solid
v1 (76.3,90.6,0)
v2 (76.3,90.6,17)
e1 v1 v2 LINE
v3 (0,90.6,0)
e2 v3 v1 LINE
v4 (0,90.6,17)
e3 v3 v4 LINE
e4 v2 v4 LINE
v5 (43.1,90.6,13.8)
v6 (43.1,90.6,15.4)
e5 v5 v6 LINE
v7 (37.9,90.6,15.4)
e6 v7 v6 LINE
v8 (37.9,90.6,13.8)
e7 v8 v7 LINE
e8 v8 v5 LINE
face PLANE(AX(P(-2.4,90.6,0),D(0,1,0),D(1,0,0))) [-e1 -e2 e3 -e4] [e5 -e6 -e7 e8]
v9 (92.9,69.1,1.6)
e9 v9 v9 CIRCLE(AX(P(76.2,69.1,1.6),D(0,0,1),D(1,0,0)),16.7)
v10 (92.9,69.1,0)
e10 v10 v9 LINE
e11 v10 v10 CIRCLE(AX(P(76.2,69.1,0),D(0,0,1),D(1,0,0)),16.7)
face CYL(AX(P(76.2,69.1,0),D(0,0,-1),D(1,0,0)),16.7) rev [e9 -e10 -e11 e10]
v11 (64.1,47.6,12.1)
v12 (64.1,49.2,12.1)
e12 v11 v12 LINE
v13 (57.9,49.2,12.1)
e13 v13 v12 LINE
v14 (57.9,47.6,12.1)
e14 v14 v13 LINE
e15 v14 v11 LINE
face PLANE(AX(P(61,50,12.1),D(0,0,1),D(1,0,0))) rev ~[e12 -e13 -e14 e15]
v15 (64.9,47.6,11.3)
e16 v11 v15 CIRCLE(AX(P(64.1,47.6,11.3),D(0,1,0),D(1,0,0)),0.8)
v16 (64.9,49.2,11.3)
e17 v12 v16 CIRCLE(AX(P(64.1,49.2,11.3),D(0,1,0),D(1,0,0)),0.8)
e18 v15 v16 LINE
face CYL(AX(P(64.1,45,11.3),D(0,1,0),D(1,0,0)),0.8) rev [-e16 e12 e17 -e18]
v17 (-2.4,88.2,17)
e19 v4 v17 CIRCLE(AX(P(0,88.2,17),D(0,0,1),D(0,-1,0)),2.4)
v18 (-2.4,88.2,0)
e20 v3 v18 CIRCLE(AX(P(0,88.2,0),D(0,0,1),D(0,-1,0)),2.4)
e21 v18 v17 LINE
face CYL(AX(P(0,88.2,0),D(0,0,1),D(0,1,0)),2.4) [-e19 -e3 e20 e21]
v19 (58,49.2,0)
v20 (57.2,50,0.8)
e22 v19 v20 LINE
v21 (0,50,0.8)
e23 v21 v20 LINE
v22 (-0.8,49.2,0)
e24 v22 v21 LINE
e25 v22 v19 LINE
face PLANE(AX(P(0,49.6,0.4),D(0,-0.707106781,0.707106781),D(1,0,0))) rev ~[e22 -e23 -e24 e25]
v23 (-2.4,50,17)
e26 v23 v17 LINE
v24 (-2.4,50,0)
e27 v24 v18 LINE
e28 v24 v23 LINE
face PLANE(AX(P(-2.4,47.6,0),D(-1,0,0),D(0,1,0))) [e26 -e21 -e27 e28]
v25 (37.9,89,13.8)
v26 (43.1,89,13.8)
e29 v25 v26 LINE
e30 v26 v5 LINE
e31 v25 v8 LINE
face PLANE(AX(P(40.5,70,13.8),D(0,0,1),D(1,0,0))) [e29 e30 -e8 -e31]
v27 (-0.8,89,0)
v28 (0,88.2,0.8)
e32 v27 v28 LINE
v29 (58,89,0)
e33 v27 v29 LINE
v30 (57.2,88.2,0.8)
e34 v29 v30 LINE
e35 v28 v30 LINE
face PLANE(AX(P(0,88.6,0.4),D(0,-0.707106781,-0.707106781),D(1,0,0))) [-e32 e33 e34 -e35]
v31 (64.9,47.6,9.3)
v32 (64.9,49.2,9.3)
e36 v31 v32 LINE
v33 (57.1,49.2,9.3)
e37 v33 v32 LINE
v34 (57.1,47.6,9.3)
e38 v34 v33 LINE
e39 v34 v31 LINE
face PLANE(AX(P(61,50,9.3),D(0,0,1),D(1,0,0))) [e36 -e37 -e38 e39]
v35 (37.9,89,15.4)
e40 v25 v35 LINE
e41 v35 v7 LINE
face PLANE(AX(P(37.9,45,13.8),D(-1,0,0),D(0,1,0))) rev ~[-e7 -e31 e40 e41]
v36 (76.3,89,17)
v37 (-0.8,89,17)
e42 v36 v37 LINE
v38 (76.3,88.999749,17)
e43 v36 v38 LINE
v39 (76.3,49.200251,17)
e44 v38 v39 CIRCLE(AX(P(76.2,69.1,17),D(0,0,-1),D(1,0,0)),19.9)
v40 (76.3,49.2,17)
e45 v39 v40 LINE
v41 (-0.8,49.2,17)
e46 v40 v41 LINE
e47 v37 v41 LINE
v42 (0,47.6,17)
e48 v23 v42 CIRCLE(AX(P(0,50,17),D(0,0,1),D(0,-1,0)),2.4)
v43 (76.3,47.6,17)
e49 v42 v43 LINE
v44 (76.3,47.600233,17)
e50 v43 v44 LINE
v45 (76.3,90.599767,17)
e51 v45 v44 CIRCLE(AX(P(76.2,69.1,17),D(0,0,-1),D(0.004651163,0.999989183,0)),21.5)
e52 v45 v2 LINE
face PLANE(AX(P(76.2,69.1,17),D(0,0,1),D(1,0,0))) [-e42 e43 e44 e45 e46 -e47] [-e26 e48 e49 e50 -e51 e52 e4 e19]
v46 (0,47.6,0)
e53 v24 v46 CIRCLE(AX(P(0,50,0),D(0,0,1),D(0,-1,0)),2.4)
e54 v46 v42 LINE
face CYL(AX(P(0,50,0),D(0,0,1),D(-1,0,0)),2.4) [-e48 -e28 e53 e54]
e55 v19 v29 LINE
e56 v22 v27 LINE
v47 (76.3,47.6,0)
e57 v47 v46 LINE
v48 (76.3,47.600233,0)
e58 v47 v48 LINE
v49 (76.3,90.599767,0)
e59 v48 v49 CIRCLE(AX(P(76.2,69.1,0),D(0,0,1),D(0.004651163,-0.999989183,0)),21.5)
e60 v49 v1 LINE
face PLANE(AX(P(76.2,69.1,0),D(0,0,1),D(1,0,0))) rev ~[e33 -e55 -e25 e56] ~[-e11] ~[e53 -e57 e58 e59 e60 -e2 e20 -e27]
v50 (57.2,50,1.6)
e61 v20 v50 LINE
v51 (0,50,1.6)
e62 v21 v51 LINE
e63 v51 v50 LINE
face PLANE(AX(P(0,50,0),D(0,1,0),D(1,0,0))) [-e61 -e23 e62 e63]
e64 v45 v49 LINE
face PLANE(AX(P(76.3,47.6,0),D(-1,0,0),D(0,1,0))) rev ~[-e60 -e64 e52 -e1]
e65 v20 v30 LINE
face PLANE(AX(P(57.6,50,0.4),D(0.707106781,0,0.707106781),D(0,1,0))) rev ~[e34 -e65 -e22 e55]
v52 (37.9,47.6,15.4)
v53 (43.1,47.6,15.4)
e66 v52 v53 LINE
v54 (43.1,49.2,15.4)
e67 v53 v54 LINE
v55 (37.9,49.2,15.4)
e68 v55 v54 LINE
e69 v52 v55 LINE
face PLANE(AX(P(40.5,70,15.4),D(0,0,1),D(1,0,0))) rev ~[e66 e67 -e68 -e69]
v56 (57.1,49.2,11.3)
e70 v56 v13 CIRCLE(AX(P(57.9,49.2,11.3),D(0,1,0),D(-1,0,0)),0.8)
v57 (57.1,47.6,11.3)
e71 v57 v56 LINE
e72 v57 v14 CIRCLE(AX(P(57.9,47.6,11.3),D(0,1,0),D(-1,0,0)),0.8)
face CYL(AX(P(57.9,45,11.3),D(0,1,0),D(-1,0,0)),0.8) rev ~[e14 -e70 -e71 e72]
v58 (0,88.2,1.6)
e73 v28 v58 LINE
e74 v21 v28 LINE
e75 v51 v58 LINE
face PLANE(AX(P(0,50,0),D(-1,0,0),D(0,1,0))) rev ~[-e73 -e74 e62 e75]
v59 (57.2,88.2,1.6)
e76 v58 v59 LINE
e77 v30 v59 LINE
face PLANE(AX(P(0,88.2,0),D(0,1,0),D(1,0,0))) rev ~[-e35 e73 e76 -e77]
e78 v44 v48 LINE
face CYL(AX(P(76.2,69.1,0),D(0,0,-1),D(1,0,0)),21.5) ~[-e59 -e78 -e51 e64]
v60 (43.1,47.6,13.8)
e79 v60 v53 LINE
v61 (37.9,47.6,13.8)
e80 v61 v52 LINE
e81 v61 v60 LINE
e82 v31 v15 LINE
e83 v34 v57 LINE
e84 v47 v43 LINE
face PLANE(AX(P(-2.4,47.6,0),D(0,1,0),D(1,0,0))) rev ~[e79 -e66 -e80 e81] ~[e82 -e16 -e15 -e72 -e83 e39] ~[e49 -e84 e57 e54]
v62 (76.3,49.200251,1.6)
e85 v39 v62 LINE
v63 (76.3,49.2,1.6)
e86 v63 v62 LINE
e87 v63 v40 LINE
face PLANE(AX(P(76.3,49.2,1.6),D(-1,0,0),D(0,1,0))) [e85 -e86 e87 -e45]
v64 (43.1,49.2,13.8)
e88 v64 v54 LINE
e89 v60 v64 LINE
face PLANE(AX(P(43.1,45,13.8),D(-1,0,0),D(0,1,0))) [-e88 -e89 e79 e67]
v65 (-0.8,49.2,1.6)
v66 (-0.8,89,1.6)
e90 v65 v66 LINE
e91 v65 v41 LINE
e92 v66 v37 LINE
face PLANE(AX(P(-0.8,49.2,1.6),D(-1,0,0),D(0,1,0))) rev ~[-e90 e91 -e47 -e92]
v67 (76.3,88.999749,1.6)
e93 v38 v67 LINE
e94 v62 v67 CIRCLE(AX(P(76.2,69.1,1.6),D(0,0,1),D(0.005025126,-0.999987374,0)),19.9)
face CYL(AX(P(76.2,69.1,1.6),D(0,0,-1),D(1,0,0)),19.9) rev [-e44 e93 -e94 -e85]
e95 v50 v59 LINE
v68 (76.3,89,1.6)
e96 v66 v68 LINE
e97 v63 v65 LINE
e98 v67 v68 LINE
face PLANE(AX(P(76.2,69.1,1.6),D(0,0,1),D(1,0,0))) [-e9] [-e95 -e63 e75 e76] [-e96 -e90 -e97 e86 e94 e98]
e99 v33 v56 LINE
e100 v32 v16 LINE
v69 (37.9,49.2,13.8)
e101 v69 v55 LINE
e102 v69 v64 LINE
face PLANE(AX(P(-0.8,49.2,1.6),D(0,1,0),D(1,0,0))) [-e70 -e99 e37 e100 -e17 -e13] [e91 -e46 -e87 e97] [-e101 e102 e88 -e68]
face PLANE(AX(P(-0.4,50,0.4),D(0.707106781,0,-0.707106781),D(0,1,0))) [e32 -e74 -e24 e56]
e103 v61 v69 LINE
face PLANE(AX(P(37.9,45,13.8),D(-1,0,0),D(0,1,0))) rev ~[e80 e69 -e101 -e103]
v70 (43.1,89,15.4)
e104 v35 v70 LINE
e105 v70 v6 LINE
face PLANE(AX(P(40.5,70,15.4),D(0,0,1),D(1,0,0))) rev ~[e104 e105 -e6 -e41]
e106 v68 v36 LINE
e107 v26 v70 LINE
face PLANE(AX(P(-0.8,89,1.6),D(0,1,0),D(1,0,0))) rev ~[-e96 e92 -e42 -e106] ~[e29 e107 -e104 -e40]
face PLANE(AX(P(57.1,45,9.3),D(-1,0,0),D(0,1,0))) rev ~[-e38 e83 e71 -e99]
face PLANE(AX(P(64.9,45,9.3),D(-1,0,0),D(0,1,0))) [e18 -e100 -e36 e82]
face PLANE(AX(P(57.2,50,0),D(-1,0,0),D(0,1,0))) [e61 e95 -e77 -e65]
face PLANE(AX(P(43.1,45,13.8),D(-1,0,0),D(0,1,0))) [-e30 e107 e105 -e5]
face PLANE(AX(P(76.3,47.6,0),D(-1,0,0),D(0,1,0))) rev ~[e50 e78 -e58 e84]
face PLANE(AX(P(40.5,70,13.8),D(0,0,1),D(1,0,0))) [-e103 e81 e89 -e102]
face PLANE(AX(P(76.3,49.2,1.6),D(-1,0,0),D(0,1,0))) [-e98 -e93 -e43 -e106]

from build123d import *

# Parameters (mm, degrees)
BOX011_W          = 7.8
BOX011_H          = 10
BOX011_DEPTH      = 2.8
FILLET003_R       = 0.8
BOX010_W          = 5.2
BOX010_H          = 50
BOX010_DEPTH      = 1.6
BOX008_W          = 57.2
BOX008_H          = 38.2
BOX008_DEPTH      = 1.6
CYLINDER012_R     = 16.7
CYLINDER012_DEPTH = 1.6
CYLINDER011_R     = 19.9
CYLINDER011_DEPTH = 17
BOX007_W          = 77.1
BOX007_H          = 39.8
BOX007_DEPTH      = 17
CYLINDER010_R     = 21.5
CYLINDER010_DEPTH = 17
BOX006_W          = 78.7
BOX006_H          = 43
BOX006_DEPTH      = 17
FILLET002_R       = 2.4
CHAMFER005_SIZE   = 0.8


with BuildPart() as usb:
    # Box011 → Box011 (new body)
    with BuildSketch(Plane(origin=(57.1, 45, 9.3), x_dir=(1, 0, 0), z_dir=(0, 0, 1))):
        with Locations((3.9, 5)):
            Rectangle(BOX011_W, BOX011_H)
    extrude(amount=BOX011_DEPTH)

    # Fillet003
    fillet003_edges = [usb.edges().sort_by_distance(p)[0] for p in [
        (57.1, 50, 12.1),
        (64.9, 50, 12.1),
    ]]
    fillet(fillet003_edges, radius=FILLET003_R)


with BuildPart() as w_rfel010:
    # Box010 → Box010 (new body)
    with BuildSketch(Plane(origin=(37.9, 45, 13.8), x_dir=(1, 0, 0), z_dir=(0, 0, 1))):
        with Locations((2.6, 25)):
            Rectangle(BOX010_W, BOX010_H)
    extrude(amount=BOX010_DEPTH)


with BuildPart() as w_rfel008:
    # Box008 → Box008 (new body)
    with BuildSketch(Plane(origin=(0, 50, 0), x_dir=(1, 0, 0), z_dir=(0, 0, 1))):
        with Locations((28.6, 19.1)):
            Rectangle(BOX008_W, BOX008_H)
    extrude(amount=BOX008_DEPTH)


with BuildPart() as zylinder012:
    # Cylinder012 → Cylinder012 (new body)
    with BuildSketch(Plane(origin=(76.2, 69.1, 0), x_dir=(1, 0, 0), z_dir=(0, 0, 1))):
        Circle(CYLINDER012_R)
    extrude(amount=CYLINDER012_DEPTH)


with BuildPart() as zylinder011:
    # Cylinder011 → Cylinder011 (new body)
    with BuildSketch(Plane(origin=(76.2, 69.1, 1.6), x_dir=(1, 0, 0), z_dir=(0, 0, 1))):
        Circle(CYLINDER011_R)
    extrude(amount=CYLINDER011_DEPTH)


with BuildPart() as fusion009:
    # Box007 → Box007 (new body)
    with BuildSketch(Plane(origin=(-0.8, 49.2, 1.6), x_dir=(1, 0, 0), z_dir=(0, 0, 1))):
        with Locations((38.55, 19.9)):
            Rectangle(BOX007_W, BOX007_H)
    extrude(amount=BOX007_DEPTH)

    # Fusion009: union Zylinder011
    add(zylinder011.part)


with BuildPart() as zylinder010:
    # Cylinder010 → Cylinder010 (new body)
    with BuildSketch(Plane(origin=(76.2, 69.1, 0), x_dir=(1, 0, 0), z_dir=(0, 0, 1))):
        Circle(CYLINDER010_R)
    extrude(amount=CYLINDER010_DEPTH)


with BuildPart() as top:
    # Box006 → Box006 (new body)
    with BuildSketch(Plane(origin=(-2.4, 47.6, 0), x_dir=(1, 0, 0), z_dir=(0, 0, 1))):
        with Locations((39.35, 21.5)):
            Rectangle(BOX006_W, BOX006_H)
    extrude(amount=BOX006_DEPTH)

    # Fusion008: union Zylinder010
    add(zylinder010.part)

    # Cut004: cut Fusion009
    add(fusion009.part, mode=Mode.SUBTRACT)

    # Fillet002
    fillet002_edges = [top.edges().sort_by_distance(p)[0] for p in [
        (-2.4, 47.6, 8.5),
        (-2.4, 90.6, 8.5),
    ]]
    fillet(fillet002_edges, radius=FILLET002_R)

    # Cut005: cut Zylinder012
    add(zylinder012.part, mode=Mode.SUBTRACT)

    # Cut006: cut Würfel008
    add(w_rfel008.part, mode=Mode.SUBTRACT)

    # Chamfer005
    chamfer005_edges = [top.edges().sort_by_distance(p)[0] for p in [
        (57.2, 83.681153, 0),
        (28.6, 88.2, 0),
        (0, 69.1, 0),
        (28.6, 50, 0),
        (57.2, 54.518847, 0),
        (57.2, 69.1, 0),
    ]]
    chamfer(chamfer005_edges, length=CHAMFER005_SIZE)

    # Cut011: cut Würfel010
    add(w_rfel010.part, mode=Mode.SUBTRACT)

    # Cut012: cut USB
    add(usb.part, mode=Mode.SUBTRACT)


solid = top.part
